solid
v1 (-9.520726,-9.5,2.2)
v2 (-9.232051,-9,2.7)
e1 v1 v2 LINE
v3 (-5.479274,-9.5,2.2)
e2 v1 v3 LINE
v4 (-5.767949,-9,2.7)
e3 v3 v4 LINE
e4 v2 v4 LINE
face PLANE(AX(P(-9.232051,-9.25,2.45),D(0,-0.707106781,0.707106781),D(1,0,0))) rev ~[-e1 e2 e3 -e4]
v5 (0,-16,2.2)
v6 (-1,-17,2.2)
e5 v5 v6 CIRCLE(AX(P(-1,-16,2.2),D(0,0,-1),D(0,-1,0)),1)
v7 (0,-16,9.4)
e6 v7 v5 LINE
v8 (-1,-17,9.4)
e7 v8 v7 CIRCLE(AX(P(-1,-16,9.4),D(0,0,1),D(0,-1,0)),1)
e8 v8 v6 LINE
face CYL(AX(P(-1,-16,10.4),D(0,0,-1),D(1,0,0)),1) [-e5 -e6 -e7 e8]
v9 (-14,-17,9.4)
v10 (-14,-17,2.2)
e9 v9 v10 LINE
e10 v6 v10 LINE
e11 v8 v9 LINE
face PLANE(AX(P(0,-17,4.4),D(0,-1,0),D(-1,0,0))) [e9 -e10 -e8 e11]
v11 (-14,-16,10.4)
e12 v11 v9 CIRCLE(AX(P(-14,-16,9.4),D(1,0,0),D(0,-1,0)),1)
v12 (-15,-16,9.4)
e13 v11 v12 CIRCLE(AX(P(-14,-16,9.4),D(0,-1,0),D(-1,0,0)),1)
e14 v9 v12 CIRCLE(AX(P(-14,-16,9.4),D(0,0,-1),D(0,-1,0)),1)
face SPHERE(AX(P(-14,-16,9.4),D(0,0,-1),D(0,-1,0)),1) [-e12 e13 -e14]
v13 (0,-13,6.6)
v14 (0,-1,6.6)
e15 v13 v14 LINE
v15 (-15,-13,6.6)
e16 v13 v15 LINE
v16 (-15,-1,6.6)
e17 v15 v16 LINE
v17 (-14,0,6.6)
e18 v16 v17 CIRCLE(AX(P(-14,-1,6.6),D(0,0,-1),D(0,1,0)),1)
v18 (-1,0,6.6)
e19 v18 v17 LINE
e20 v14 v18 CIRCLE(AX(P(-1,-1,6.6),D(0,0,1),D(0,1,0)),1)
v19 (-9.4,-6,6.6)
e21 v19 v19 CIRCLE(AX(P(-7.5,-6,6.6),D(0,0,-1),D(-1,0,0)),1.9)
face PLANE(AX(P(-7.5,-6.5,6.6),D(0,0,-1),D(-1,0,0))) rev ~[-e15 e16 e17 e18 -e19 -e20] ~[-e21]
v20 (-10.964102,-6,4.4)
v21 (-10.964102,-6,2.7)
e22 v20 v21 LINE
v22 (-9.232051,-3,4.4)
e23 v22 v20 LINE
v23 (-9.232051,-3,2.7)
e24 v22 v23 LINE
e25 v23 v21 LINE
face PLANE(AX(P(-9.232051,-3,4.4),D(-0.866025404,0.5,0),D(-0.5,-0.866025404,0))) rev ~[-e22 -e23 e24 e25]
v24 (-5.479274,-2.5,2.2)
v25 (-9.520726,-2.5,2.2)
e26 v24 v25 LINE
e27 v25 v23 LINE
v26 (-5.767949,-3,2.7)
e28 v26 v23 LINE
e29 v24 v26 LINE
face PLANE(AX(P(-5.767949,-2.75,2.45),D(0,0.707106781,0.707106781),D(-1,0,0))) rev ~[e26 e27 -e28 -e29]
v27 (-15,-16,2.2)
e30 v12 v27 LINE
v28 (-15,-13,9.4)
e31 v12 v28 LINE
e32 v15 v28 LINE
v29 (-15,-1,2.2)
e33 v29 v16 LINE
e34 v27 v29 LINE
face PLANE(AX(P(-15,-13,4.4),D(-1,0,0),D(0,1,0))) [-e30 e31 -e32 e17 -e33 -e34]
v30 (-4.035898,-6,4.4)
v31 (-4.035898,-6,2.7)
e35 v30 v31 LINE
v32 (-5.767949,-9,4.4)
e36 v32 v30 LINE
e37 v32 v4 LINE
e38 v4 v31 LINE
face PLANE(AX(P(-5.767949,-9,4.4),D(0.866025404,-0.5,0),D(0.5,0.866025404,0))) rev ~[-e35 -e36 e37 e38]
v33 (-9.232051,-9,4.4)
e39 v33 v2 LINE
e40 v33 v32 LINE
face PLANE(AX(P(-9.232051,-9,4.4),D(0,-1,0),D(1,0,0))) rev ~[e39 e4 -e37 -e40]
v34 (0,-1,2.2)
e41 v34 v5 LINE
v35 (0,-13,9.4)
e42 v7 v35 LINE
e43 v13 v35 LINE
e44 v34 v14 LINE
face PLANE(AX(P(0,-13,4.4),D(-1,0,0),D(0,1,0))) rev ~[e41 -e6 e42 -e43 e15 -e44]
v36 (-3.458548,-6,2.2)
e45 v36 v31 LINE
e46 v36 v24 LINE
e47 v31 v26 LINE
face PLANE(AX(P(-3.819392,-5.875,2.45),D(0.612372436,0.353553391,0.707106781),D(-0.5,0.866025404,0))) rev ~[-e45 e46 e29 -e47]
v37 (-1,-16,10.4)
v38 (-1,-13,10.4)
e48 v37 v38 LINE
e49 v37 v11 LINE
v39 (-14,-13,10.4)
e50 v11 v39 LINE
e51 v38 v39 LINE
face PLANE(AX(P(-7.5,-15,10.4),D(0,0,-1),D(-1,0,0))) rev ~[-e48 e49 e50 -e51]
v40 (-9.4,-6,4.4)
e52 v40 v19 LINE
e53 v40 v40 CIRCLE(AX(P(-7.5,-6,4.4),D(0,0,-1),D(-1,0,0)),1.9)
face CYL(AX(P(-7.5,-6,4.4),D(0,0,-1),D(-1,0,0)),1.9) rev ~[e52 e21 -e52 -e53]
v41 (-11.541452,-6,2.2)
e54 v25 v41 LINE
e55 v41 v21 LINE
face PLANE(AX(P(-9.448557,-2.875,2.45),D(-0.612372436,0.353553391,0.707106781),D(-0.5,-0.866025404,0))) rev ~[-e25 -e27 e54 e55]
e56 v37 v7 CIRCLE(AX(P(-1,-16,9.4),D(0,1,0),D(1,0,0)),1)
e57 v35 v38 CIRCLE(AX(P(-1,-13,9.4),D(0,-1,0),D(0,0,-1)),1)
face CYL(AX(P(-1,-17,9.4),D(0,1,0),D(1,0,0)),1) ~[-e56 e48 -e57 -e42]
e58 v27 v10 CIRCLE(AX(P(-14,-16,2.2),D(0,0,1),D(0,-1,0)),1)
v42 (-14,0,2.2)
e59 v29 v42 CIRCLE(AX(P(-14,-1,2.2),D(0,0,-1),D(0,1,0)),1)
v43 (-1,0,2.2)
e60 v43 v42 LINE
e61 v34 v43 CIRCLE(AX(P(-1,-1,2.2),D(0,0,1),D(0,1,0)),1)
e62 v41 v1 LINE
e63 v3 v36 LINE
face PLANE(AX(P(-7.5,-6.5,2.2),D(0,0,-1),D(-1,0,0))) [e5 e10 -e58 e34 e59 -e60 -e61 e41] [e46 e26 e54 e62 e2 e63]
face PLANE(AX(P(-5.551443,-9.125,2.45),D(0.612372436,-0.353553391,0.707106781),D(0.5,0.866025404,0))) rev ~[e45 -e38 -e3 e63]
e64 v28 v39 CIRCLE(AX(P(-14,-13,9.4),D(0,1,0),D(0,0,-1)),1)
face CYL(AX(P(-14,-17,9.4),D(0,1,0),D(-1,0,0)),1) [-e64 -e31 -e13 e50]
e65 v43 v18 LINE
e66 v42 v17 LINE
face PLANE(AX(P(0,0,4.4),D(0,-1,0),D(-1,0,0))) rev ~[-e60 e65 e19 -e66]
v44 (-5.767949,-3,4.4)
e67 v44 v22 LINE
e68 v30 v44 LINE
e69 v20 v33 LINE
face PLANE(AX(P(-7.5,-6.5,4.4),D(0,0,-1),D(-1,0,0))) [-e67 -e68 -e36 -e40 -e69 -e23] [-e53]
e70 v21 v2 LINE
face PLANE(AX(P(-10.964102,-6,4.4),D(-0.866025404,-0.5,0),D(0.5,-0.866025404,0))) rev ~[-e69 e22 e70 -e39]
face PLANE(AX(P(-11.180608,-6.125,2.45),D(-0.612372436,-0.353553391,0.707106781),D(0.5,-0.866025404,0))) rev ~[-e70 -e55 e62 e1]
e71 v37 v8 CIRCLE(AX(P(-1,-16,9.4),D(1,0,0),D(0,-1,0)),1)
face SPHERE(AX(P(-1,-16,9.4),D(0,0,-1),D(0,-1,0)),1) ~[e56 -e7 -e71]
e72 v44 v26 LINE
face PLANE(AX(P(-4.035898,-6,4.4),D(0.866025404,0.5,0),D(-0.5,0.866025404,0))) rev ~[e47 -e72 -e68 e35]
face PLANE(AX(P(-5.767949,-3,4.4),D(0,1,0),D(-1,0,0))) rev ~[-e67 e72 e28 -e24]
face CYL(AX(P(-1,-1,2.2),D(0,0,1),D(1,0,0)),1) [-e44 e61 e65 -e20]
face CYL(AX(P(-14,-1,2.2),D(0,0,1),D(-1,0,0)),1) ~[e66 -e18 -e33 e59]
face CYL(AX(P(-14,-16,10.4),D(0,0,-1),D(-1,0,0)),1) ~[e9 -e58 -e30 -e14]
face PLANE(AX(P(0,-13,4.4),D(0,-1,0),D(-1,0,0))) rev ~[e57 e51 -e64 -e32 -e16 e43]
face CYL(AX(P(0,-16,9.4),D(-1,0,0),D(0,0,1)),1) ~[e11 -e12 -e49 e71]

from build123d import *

# Parameters (mm, degrees)
F0_W     = 15
F0_H     = 13
F0_H_2   = 4
F1_DEPTH = 2.2
F2_DEPTH = 6
F0_R     = 1.9
F3_DEPTH = 2.2
F4_R     = 1
F5_ANGLE = 180
F6_SIZE  = 0.5


with BuildPart() as f1:
    # F0 (on Top) → F1 (new body)
    with BuildSketch(Plane.XY):
        with Locations((7.5, -6.5)):
            Rectangle(F0_W, F0_H)
        Polygon((5.7679491924, -3), (9.2320508076, -3), (10.9641016151, -6), (9.2320508076, -9), (5.7679491924, -9), (4.0358983849, -6), align=None, mode=Mode.SUBTRACT)
        with Locations((7.5, -15)):
            Rectangle(F0_W, F0_H_2)
    extrude(amount=F1_DEPTH)

    # F0 (on Top) → F2 (join)
    with BuildSketch(Plane.XY):
        with Locations((7.5, -15)):
            Rectangle(F0_W, F0_H_2)
    extrude(amount=-F2_DEPTH)

    # F0 (on Top) → F3 (join)
    with BuildSketch(Plane.XY):
        with Locations((7.5, -6.5)):
            Rectangle(F0_W, F0_H)
        Polygon((5.7679491924, -3), (9.2320508076, -3), (10.9641016151, -6), (9.2320508076, -9), (5.7679491924, -9), (4.0358983849, -6), align=None, mode=Mode.SUBTRACT)
        Polygon((10.9641016151, -6), (9.2320508076, -3), (5.7679491924, -3), (4.0358983849, -6), (5.7679491924, -9), (9.2320508076, -9), align=None)
        with Locations((7.5, -6)):
            Circle(F0_R, mode=Mode.SUBTRACT)
    extrude(amount=-F3_DEPTH)

    # F4
    f4_edges = [f1.edges().sort_by_distance(p)[0] for p in [
        (0, 0, 0),
        (15, 0, 0),
        (0, -17, -1.9),
        (15, -17, -1.9),
        (7.5, -17, -6),
        (15, -15, -6),
        (0, -15, -6),
    ]]
    fillet(f4_edges, radius=F4_R)


with BuildPart() as f1_1:
    # F5: moved
    add(f1.part.rotate(Axis((0, -8.5, 2.2), (0, -1, 0)), F5_ANGLE))

    # F6
    f6_edges = [f1_1.edges().sort_by_distance(p)[0] for p in [
        (-4.901924, -4.5, 2.2),
        (-7.5, -3, 2.2),
        (-10.098076, -4.5, 2.2),
        (-10.098076, -7.5, 2.2),
        (-7.5, -9, 2.2),
        (-4.901924, -7.5, 2.2),
    ]]
    chamfer(f6_edges, length=F6_SIZE)


solid = f1_1.part
